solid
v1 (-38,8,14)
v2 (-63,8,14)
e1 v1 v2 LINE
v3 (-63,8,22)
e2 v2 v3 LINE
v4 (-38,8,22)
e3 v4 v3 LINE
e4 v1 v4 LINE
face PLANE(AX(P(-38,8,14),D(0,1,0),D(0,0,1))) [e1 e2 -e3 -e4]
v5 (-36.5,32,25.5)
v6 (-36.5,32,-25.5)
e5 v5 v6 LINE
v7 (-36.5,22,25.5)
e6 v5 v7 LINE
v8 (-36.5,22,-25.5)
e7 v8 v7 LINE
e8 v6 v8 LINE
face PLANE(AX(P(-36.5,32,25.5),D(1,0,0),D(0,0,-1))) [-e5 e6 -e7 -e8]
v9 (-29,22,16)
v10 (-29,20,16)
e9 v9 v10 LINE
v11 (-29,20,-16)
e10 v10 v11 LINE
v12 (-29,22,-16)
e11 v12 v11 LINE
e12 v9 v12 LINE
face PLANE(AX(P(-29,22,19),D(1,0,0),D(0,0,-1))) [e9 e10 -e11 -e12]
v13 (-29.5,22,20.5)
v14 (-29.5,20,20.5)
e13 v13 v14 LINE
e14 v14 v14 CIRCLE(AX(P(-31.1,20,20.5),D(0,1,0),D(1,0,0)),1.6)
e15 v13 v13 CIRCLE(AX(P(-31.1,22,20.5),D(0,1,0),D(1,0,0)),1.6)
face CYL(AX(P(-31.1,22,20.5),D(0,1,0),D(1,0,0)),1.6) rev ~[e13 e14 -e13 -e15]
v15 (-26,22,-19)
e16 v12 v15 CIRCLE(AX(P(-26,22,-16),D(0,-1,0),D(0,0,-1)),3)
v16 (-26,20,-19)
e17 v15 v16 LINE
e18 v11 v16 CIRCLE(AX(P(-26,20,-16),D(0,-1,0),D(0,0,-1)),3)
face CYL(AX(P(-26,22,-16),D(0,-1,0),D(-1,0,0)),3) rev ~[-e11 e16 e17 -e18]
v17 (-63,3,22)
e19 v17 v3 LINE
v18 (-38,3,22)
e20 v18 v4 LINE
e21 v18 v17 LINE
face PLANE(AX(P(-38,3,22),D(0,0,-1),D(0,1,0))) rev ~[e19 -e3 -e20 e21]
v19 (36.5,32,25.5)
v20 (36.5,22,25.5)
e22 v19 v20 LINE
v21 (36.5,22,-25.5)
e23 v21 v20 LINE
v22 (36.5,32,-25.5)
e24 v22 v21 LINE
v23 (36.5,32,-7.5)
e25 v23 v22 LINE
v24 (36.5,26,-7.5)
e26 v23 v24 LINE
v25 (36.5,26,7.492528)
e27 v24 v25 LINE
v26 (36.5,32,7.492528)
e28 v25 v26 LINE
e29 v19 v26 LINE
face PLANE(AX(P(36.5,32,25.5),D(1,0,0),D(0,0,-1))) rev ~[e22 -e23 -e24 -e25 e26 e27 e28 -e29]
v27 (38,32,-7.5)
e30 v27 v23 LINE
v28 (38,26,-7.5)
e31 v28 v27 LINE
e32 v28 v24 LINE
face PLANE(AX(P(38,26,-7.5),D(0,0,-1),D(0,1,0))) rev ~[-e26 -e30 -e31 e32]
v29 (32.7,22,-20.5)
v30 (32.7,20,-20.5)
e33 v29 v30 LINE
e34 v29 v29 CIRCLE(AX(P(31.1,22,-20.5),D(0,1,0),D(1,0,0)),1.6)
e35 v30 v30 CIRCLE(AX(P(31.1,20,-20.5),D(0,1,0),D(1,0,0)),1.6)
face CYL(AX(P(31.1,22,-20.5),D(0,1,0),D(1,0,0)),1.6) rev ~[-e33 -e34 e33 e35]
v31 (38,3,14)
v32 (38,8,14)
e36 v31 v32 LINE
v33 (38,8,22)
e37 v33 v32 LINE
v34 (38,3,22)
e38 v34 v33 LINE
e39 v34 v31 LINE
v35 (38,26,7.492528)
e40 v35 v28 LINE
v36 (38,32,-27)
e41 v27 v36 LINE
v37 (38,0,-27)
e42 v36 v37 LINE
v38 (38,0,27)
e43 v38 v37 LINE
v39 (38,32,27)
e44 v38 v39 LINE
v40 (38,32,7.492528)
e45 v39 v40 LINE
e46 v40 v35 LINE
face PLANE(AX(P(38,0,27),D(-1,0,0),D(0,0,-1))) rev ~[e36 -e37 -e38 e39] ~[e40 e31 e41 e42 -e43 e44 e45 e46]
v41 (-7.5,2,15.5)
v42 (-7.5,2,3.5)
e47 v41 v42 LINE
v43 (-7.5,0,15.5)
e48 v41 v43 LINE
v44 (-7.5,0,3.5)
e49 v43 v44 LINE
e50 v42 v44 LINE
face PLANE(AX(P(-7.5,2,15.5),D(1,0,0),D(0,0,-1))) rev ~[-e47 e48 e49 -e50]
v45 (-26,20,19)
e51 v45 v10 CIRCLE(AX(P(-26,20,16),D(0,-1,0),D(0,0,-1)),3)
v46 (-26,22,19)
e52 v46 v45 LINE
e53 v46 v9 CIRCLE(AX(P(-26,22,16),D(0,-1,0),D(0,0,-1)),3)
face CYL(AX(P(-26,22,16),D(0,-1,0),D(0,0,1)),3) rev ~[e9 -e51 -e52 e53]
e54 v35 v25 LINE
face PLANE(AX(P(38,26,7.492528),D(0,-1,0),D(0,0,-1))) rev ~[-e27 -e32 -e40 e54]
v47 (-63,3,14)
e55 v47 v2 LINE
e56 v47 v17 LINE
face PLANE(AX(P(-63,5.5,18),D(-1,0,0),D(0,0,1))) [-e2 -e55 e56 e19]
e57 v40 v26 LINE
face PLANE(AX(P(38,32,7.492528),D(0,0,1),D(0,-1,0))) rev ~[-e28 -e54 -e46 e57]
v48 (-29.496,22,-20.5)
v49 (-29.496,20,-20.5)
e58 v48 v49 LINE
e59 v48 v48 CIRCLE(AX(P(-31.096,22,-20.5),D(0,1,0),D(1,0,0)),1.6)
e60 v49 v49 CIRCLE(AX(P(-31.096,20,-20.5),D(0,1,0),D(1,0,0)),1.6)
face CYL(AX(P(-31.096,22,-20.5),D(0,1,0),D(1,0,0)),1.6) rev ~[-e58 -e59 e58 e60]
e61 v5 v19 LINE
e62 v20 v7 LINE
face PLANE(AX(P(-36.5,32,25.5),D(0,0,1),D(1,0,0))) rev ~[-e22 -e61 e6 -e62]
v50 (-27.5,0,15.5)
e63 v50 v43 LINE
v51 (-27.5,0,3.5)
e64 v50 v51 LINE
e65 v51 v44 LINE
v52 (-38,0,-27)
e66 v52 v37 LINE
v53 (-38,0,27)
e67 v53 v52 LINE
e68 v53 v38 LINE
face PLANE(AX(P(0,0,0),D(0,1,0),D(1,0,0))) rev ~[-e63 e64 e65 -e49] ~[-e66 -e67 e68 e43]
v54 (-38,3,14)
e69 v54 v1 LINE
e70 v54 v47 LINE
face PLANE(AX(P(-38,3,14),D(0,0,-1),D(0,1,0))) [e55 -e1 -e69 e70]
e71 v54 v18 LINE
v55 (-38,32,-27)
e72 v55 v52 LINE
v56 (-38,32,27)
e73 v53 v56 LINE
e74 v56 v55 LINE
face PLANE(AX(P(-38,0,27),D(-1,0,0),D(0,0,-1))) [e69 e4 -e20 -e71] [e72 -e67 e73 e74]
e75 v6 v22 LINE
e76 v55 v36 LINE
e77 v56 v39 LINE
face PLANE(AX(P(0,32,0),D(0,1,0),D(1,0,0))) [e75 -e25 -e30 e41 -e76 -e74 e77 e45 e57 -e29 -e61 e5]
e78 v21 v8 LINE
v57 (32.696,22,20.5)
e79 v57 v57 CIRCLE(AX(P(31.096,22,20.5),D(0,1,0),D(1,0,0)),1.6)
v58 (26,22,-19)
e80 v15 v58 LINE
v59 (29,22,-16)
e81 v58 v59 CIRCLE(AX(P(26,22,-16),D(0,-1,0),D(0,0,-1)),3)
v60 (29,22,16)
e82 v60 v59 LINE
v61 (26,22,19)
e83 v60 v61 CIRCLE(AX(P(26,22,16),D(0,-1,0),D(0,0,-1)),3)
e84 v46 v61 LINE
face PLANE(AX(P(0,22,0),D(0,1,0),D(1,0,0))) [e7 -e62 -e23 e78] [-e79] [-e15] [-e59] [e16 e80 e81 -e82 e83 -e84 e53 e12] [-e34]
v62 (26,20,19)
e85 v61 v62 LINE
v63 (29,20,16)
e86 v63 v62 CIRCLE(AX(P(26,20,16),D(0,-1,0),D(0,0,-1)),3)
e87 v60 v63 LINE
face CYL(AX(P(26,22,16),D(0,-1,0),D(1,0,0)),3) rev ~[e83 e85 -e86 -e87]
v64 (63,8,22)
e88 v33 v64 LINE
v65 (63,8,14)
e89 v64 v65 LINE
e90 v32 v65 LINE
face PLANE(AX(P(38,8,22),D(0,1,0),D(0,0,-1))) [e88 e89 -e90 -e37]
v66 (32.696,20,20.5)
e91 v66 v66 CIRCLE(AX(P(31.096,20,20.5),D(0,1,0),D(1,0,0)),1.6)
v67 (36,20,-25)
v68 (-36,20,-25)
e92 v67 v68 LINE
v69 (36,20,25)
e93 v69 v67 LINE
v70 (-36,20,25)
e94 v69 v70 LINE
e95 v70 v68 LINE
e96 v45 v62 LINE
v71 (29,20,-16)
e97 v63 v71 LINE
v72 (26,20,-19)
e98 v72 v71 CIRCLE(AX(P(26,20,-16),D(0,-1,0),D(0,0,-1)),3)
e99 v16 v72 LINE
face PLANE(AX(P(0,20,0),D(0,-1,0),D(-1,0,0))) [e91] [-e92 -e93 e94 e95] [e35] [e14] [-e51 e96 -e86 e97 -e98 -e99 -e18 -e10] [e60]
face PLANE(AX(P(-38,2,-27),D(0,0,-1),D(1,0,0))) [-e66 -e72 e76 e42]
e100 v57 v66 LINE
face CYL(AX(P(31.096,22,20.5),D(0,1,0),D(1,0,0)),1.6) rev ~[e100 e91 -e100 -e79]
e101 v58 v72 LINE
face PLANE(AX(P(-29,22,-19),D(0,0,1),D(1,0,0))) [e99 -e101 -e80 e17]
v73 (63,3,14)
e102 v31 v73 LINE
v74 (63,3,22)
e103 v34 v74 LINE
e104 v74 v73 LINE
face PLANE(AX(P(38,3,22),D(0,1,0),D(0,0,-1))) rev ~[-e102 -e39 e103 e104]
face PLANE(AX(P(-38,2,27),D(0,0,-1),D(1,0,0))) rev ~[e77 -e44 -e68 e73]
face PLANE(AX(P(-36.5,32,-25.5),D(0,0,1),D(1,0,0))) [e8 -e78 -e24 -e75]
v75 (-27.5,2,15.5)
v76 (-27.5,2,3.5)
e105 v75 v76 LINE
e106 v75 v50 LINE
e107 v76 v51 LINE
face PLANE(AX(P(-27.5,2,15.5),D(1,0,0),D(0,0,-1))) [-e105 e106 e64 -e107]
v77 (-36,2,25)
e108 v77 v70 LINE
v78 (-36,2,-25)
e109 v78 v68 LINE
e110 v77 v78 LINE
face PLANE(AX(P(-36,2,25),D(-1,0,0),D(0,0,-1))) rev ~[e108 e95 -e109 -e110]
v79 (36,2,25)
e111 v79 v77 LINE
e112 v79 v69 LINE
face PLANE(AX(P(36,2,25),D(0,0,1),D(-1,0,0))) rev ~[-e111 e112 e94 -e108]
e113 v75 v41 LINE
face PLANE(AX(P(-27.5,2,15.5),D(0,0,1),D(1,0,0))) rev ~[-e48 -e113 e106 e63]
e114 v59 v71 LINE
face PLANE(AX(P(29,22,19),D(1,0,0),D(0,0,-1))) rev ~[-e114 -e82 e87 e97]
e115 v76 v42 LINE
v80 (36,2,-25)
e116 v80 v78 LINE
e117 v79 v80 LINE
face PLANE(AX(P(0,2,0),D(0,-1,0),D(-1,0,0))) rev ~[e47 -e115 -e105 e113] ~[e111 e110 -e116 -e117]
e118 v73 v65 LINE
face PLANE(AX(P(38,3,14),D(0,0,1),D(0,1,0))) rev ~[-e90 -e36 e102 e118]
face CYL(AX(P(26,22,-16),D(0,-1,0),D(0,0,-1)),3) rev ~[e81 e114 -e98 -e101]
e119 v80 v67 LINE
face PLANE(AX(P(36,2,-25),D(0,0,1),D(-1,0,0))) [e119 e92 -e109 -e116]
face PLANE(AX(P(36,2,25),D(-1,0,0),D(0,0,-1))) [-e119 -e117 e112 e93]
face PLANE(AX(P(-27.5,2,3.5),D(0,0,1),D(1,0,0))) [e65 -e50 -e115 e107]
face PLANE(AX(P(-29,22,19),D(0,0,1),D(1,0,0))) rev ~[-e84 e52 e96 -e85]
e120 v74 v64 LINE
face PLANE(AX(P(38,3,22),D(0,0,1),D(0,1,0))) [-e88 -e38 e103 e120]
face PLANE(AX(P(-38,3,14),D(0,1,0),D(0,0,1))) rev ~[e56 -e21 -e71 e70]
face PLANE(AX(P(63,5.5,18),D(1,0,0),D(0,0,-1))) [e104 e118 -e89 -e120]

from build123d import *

# Parameters (mm, degrees)
ENCLOSURE_SHELL_SKETCH_W      = 76
ENCLOSURE_SHELL_SKETCH_H      = 54
ENCLOSURE_SHELL_FEATURE_DEPTH = 32
ENCLOSURE_GAP_SKETCH_W        = 73
ENCLOSURE_GAP_SKETCH_H        = 51
ENCLOSURE_GAP_FEATURE_DEPTH   = 30
CAMERA_CORD_HOLE_SKETCH_W     = 20
CAMERA_CORD_HOLE_SKETCH_H     = 12
CAMERA_CORD_HOLE_DEPTH        = 3
BATTERY_CUT_REACH             = 78
BATTERY_CUT_DIRECTION_2_DEPTH = 1
RIGHT_TAB_FEATURE_SKETCH_W    = 8
RIGHT_TAB_FEATURE_SKETCH_H    = 5
RIGHT_TAB_FEATURE_DEPTH       = 25
LEFT_TAB_FEATURE_SKETCH_W     = 8
LEFT_TAB_FEATURE_SKETCH_H     = 5
LEFT_TAB_FEATURE_DEPTH        = 25
SKETCH1_W                     = 76
SKETCH1_H                     = 54
BOSS_EXTRUDE1_DEPTH           = 20
CUT_EXTRUDE2_START            = -2
SKETCH5_W                     = 72
SKETCH5_H                     = 50
CUT_EXTRUDE2_DEPTH            = 18
SCREW_SHELL_SKETCH_R          = 2.5
SCREW_SHELL_FEATURE_DEPTH     = 1
SKETCH6_W                     = 58
SKETCH6_H                     = 38
CUT_EXTRUDE3_DEPTH            = 2
SCREW_HOLE_SKETCH_R           = 1.6
CUT_EXTRUDE4_DEPTH            = 2
FILLET1_R                     = 3
FILLET2_R                     = 3
FILLET3_R                     = 3
FILLET4_R                     = 3


with BuildPart() as part:
    # Enclosure Shell Sketch → Enclosure Shell Feature (new body)
    with BuildSketch(Plane(origin=(0, 0, 0), x_dir=(1, 0, 0), z_dir=(0, 1, 0))):
        Rectangle(ENCLOSURE_SHELL_SKETCH_W, ENCLOSURE_SHELL_SKETCH_H)
    extrude(amount=ENCLOSURE_SHELL_FEATURE_DEPTH)

    # Enclosure Gap Sketch → Enclosure Gap Feature (cut)
    with BuildSketch(Plane(origin=(0, 32, 0), x_dir=(1, 0, 0), z_dir=(0, 1, 0))):
        Rectangle(ENCLOSURE_GAP_SKETCH_W, ENCLOSURE_GAP_SKETCH_H)
    extrude(amount=-ENCLOSURE_GAP_FEATURE_DEPTH, mode=Mode.SUBTRACT)

    # Camera Cord Hole Sketch → Camera Cord Hole (cut, through all)
    with BuildSketch(Plane(origin=(0, 2, 0), x_dir=(1, 0, 0), z_dir=(0, 1, 0))):
        with Locations((-17.5, -9.5)):
            Rectangle(CAMERA_CORD_HOLE_SKETCH_W, CAMERA_CORD_HOLE_SKETCH_H)
    extrude(amount=-CAMERA_CORD_HOLE_DEPTH, mode=Mode.SUBTRACT)

    # Battery Cut Sketch → Battery Cut (cut, up to next)
    with BuildSketch(Plane.ZY.offset(-38), mode=Mode.PRIVATE) as battery_cut_sk1:
        Polygon((0, 32), (7.492527579, 32), (7.492527579, 26), (-7.5, 26), (-7.5, 32), align=None)
    battery_cut_tool1 = extrude(battery_cut_sk1.sketch, amount=BATTERY_CUT_REACH, mode=Mode.PRIVATE) & part.part
    add(battery_cut_tool1.solids().sort_by_distance((38, 29, -0.003736))[0], mode=Mode.SUBTRACT)

    # Battery Cut Sketch → Battery Cut direction 2 (cut)
    with BuildSketch(Plane.ZY.offset(-38)):
        Polygon((0, 32), (7.492527579, 32), (7.492527579, 26), (-7.5, 26), (-7.5, 32), align=None)
    extrude(amount=-BATTERY_CUT_DIRECTION_2_DEPTH, mode=Mode.SUBTRACT)

    # Right Tab Feature Sketch → Right Tab Feature (add)
    with BuildSketch(Plane(origin=(38, 0, 0), x_dir=(0, 0, -1), z_dir=(1, 0, 0))):
        with Locations((-18, 5.5)):
            Rectangle(RIGHT_TAB_FEATURE_SKETCH_W, RIGHT_TAB_FEATURE_SKETCH_H)
    extrude(amount=RIGHT_TAB_FEATURE_DEPTH)

    # Left Tab Feature Sketch → Left Tab Feature (add)
    with BuildSketch(Plane.ZY.offset(38)):
        with Locations((18, 5.5)):
            Rectangle(LEFT_TAB_FEATURE_SKETCH_W, LEFT_TAB_FEATURE_SKETCH_H)
    extrude(amount=LEFT_TAB_FEATURE_DEPTH)

    # Sketch1 → Boss-Extrude1 (add)
    with BuildSketch(Plane(origin=(0, 2, 0), x_dir=(1, 0, 0), z_dir=(0, 1, 0))):
        Rectangle(SKETCH1_W, SKETCH1_H)
    extrude(amount=BOSS_EXTRUDE1_DEPTH)

    # Sketch5 → Cut-Extrude2 (cut)
    with BuildSketch(Plane(origin=(0, 0, 0), x_dir=(-1, 0, 0), z_dir=(0, -1, 0)).offset(CUT_EXTRUDE2_START)):
        Rectangle(SKETCH5_W, SKETCH5_H)
    extrude(amount=-CUT_EXTRUDE2_DEPTH, mode=Mode.SUBTRACT)

    # Screw Shell Sketch → Screw Shell Feature (add)
    with BuildSketch(Plane(origin=(0, 22, 0), x_dir=(1, 0, 0), z_dir=(0, 1, 0))):
        with Locations((-30.088214765, 20.515946978)):
            Circle(SCREW_SHELL_SKETCH_R)
        with Locations((-32.1, -21.5)):
            Circle(SCREW_SHELL_SKETCH_R)
        with Locations((32.1, 21.5)):
            Circle(SCREW_SHELL_SKETCH_R)
        with Locations((30.088214765, -20.515946978)):
            Circle(SCREW_SHELL_SKETCH_R)
    extrude(amount=-SCREW_SHELL_FEATURE_DEPTH)

    # Sketch6 → Cut-Extrude3 (cut)
    with BuildSketch(Plane(origin=(0, 22, 0), x_dir=(1, 0, 0), z_dir=(0, 1, 0))):
        Rectangle(SKETCH6_W, SKETCH6_H)
    extrude(amount=-CUT_EXTRUDE3_DEPTH, mode=Mode.SUBTRACT)

    # Screw Hole Sketch → Cut-Extrude4 (cut)
    with BuildSketch(Plane(origin=(0, 22, 0), x_dir=(1, 0, 0), z_dir=(0, 1, 0))):
        with Locations((-31.096, 20.5)):
            Circle(SCREW_HOLE_SKETCH_R)
        with Locations((-31.1, -20.5)):
            Circle(SCREW_HOLE_SKETCH_R)
        with Locations((31.096, -20.5)):
            Circle(SCREW_HOLE_SKETCH_R)
        with Locations((31.1, 20.5)):
            Circle(SCREW_HOLE_SKETCH_R)
    extrude(amount=-CUT_EXTRUDE4_DEPTH, mode=Mode.SUBTRACT)

    # Fillet1
    fillet1_edges = [part.edges().sort_by_distance(p)[0] for p in [
        (-29, 21, -19),
    ]]
    fillet(fillet1_edges, radius=FILLET1_R)

    # Fillet2
    fillet2_edges = [part.edges().sort_by_distance(p)[0] for p in [
        (29, 21, -19),
    ]]
    fillet(fillet2_edges, radius=FILLET2_R)

    # Fillet3
    fillet3_edges = [part.edges().sort_by_distance(p)[0] for p in [
        (29, 21, 19),
    ]]
    fillet(fillet3_edges, radius=FILLET3_R)

    # Fillet4
    fillet4_edges = [part.edges().sort_by_distance(p)[0] for p in [
        (-29, 21, 19),
    ]]
    fillet(fillet4_edges, radius=FILLET4_R)


solid = part.part
